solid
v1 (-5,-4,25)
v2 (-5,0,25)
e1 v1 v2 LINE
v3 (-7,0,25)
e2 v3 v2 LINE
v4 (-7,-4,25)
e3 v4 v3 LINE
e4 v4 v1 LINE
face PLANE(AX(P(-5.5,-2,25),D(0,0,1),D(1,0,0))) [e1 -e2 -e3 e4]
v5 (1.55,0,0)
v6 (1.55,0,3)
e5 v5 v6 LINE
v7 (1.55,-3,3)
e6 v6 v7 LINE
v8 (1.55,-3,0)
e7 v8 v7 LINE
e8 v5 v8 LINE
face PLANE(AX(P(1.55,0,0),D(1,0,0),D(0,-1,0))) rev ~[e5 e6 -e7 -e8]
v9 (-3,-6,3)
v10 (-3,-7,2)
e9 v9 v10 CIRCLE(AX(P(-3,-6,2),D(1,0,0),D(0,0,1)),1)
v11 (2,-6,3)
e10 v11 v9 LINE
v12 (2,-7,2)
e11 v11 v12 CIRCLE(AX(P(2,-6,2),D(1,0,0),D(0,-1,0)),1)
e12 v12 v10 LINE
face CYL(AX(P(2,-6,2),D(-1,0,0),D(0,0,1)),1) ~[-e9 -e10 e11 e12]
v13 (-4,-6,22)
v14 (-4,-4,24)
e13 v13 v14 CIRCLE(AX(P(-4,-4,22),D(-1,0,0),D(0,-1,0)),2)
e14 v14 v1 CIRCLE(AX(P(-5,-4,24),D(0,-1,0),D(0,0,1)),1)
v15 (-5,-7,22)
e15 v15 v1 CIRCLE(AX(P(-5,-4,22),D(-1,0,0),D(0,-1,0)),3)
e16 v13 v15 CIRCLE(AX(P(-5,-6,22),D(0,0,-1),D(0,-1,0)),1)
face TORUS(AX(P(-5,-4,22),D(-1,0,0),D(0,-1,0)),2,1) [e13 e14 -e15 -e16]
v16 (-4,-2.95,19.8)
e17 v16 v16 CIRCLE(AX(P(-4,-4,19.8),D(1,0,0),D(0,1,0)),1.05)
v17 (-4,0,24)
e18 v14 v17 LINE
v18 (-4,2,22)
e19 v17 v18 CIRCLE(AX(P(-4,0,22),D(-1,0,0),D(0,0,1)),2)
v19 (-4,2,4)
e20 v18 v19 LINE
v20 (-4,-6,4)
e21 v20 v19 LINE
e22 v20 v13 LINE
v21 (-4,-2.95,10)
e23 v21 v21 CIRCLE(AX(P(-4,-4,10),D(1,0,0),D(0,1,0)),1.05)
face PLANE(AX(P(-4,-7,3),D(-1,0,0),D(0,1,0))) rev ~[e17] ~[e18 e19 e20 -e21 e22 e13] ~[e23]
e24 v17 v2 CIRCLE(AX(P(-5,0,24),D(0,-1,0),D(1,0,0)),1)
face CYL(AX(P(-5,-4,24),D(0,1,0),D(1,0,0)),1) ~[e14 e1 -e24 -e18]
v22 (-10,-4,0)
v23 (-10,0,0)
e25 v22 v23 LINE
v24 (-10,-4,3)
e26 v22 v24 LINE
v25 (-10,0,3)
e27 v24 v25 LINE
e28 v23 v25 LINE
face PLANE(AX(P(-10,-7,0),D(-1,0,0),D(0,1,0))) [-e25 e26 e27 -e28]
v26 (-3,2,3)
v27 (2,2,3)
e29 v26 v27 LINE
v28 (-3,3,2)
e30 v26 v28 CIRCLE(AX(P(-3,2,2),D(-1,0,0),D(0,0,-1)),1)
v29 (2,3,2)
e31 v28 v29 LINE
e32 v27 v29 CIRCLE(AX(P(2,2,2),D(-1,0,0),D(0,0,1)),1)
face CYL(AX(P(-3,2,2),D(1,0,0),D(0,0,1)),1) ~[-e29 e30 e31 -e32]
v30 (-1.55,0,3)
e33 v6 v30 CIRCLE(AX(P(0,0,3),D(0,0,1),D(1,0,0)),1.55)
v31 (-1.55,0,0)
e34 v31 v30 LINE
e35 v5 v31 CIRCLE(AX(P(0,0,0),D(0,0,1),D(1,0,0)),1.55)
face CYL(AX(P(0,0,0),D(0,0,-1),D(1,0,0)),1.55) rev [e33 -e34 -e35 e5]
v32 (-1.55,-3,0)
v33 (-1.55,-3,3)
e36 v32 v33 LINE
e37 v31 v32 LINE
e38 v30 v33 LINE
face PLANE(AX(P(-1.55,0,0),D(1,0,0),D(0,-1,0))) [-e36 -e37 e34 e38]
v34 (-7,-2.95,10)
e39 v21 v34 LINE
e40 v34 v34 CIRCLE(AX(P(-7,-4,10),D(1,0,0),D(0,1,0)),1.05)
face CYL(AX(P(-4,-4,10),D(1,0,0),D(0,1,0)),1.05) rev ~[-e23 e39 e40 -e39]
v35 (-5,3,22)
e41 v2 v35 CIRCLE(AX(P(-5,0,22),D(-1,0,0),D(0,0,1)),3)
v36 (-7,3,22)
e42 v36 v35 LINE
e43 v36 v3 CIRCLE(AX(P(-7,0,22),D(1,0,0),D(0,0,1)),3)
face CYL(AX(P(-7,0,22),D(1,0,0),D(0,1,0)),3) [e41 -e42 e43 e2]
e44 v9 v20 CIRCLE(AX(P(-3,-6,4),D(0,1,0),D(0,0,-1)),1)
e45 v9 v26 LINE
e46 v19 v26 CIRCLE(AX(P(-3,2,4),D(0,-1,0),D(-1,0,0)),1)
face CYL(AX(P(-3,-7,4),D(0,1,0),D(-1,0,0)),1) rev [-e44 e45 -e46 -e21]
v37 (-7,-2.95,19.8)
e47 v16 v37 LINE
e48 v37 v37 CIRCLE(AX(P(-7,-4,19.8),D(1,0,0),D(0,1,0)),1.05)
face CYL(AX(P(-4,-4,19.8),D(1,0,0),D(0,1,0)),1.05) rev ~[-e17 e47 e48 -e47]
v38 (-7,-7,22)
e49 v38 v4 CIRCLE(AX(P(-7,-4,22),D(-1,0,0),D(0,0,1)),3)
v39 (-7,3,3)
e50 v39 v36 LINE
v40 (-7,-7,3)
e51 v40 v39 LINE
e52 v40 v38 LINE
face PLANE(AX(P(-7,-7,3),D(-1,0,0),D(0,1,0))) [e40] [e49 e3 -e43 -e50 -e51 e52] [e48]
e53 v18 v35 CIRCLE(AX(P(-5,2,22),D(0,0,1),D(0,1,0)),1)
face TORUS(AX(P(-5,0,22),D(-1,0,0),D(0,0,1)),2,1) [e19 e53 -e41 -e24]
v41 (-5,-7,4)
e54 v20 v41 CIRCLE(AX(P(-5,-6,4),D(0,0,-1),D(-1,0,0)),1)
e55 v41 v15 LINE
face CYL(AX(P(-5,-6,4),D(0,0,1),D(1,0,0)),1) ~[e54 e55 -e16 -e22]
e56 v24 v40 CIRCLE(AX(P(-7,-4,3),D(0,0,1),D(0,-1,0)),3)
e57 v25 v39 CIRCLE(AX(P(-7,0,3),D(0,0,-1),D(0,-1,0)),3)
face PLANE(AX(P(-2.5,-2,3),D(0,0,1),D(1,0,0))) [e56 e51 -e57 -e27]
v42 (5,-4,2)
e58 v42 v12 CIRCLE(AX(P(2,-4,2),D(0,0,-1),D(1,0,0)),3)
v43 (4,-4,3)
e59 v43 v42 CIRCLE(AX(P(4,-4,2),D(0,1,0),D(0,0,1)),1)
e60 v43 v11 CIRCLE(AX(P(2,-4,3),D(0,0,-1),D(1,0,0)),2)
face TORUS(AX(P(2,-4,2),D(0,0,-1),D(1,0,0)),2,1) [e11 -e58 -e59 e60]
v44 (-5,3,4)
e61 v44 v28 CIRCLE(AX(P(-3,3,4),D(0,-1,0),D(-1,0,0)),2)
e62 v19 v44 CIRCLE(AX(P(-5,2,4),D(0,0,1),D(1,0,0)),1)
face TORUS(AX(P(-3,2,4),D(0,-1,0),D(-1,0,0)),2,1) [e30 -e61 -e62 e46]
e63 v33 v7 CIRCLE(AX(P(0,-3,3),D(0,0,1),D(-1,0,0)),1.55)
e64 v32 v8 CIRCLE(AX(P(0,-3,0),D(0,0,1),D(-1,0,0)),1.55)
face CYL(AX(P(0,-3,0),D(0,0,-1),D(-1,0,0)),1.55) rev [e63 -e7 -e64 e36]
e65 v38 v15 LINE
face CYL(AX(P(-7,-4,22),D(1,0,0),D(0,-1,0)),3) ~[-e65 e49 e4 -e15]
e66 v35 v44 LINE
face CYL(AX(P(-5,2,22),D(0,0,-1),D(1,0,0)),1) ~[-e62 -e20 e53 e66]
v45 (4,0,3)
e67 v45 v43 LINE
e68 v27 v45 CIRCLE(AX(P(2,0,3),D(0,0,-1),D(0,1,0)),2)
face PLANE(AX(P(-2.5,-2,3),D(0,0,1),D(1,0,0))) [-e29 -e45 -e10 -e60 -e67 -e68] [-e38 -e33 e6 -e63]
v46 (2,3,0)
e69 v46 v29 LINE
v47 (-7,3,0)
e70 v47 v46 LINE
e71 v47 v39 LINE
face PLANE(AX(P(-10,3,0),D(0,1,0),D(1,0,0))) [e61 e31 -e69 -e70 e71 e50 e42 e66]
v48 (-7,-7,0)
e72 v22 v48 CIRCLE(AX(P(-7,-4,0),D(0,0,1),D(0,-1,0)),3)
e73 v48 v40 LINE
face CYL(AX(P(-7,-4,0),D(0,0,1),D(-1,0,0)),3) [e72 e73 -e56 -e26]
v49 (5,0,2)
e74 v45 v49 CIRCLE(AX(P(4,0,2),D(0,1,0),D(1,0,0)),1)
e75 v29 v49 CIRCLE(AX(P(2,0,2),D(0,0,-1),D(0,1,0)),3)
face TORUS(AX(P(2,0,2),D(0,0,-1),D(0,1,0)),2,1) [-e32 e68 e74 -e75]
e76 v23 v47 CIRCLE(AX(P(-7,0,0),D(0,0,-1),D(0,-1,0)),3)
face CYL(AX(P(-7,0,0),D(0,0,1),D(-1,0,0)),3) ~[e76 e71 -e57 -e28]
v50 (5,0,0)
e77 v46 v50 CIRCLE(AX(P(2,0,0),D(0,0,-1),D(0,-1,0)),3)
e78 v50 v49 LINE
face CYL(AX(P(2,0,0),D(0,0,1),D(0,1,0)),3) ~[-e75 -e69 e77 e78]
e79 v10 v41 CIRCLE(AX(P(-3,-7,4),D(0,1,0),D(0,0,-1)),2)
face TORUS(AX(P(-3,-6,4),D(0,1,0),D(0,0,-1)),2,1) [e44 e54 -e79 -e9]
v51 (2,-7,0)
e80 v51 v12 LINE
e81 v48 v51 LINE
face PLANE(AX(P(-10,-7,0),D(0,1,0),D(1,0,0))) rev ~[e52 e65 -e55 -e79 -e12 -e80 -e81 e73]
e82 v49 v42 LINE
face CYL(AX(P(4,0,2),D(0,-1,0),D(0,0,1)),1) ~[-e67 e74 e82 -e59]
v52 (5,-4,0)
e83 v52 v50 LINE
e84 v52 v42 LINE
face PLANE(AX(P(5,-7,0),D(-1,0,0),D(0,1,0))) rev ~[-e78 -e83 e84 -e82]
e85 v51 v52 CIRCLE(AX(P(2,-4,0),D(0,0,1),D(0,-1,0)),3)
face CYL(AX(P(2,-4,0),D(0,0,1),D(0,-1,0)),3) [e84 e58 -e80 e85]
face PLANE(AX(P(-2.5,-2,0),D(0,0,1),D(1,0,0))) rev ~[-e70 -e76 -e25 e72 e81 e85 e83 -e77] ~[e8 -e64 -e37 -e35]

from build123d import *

# Parameters (mm, degrees)
SKETCH_W     = 15
SKETCH_H     = 10
PAD_DEPTH    = 3
SKETCH001_W  = 3
SKETCH001_H  = 10
PAD001_DEPTH = 22
SKETCH002_R  = 1.05
POCKET_DEPTH = 6.001
FILLET_R     = 3
FILLET001_R  = 3
FILLET002_R  = 1
FILLET003_R  = 1


with BuildPart() as part:
    # Sketch → Pad (new body)
    with BuildSketch(Plane.XY):
        with Locations((-2.5, -2)):
            Rectangle(SKETCH_W, SKETCH_H)
        with BuildLine():
            ThreePointArc((1.55, 0), (0, 1.55), (-1.55, 0))
            Line((-1.55, 0), (-1.55, -3))
            ThreePointArc((-1.55, -3), (0, -4.55), (1.55, -3))
            Line((1.55, 0), (1.55, -3))
        make_face(mode=Mode.SUBTRACT)
    extrude(amount=PAD_DEPTH)

    # Sketch001 → Pad001 (new body)
    with BuildSketch(Plane.XY.offset(3)):
        with Locations((-5.5, -2)):
            Rectangle(SKETCH001_W, SKETCH001_H)
    extrude(amount=PAD001_DEPTH)

    # Sketch002 → Pocket (cut, through all)
    with BuildSketch(Plane.YZ.offset(-4)):
        with Locations((-4, 19.8)):
            Circle(SKETCH002_R)
        with Locations((-4, 10)):
            Circle(SKETCH002_R)
    extrude(amount=-POCKET_DEPTH, mode=Mode.SUBTRACT)

    # Fillet
    fillet_edges = [part.edges().sort_by_distance(p)[0] for p in [
        (-10, -7, 1.5),
        (-10, 3, 1.5),
        (5, -7, 1.5),
        (5, 3, 1.5),
    ]]
    fillet(fillet_edges, radius=FILLET_R)

    # Fillet001
    fillet001_edges = [part.edges().sort_by_distance(p)[0] for p in [
        (-5.5, -7, 25),
        (-5.5, 3, 25),
    ]]
    fillet(fillet001_edges, radius=FILLET001_R)

    # Fillet002
    fillet002_edges = [part.edges().sort_by_distance(p)[0] for p in [
        (-4, -2, 3),
    ]]
    fillet(fillet002_edges, radius=FILLET002_R)

    # Fillet003
    fillet003_edges = [part.edges().sort_by_distance(p)[0] for p in [
        (-4, -6.12132, 24.12132),
    ]]
    fillet(fillet003_edges, radius=FILLET003_R)


solid = part.part
